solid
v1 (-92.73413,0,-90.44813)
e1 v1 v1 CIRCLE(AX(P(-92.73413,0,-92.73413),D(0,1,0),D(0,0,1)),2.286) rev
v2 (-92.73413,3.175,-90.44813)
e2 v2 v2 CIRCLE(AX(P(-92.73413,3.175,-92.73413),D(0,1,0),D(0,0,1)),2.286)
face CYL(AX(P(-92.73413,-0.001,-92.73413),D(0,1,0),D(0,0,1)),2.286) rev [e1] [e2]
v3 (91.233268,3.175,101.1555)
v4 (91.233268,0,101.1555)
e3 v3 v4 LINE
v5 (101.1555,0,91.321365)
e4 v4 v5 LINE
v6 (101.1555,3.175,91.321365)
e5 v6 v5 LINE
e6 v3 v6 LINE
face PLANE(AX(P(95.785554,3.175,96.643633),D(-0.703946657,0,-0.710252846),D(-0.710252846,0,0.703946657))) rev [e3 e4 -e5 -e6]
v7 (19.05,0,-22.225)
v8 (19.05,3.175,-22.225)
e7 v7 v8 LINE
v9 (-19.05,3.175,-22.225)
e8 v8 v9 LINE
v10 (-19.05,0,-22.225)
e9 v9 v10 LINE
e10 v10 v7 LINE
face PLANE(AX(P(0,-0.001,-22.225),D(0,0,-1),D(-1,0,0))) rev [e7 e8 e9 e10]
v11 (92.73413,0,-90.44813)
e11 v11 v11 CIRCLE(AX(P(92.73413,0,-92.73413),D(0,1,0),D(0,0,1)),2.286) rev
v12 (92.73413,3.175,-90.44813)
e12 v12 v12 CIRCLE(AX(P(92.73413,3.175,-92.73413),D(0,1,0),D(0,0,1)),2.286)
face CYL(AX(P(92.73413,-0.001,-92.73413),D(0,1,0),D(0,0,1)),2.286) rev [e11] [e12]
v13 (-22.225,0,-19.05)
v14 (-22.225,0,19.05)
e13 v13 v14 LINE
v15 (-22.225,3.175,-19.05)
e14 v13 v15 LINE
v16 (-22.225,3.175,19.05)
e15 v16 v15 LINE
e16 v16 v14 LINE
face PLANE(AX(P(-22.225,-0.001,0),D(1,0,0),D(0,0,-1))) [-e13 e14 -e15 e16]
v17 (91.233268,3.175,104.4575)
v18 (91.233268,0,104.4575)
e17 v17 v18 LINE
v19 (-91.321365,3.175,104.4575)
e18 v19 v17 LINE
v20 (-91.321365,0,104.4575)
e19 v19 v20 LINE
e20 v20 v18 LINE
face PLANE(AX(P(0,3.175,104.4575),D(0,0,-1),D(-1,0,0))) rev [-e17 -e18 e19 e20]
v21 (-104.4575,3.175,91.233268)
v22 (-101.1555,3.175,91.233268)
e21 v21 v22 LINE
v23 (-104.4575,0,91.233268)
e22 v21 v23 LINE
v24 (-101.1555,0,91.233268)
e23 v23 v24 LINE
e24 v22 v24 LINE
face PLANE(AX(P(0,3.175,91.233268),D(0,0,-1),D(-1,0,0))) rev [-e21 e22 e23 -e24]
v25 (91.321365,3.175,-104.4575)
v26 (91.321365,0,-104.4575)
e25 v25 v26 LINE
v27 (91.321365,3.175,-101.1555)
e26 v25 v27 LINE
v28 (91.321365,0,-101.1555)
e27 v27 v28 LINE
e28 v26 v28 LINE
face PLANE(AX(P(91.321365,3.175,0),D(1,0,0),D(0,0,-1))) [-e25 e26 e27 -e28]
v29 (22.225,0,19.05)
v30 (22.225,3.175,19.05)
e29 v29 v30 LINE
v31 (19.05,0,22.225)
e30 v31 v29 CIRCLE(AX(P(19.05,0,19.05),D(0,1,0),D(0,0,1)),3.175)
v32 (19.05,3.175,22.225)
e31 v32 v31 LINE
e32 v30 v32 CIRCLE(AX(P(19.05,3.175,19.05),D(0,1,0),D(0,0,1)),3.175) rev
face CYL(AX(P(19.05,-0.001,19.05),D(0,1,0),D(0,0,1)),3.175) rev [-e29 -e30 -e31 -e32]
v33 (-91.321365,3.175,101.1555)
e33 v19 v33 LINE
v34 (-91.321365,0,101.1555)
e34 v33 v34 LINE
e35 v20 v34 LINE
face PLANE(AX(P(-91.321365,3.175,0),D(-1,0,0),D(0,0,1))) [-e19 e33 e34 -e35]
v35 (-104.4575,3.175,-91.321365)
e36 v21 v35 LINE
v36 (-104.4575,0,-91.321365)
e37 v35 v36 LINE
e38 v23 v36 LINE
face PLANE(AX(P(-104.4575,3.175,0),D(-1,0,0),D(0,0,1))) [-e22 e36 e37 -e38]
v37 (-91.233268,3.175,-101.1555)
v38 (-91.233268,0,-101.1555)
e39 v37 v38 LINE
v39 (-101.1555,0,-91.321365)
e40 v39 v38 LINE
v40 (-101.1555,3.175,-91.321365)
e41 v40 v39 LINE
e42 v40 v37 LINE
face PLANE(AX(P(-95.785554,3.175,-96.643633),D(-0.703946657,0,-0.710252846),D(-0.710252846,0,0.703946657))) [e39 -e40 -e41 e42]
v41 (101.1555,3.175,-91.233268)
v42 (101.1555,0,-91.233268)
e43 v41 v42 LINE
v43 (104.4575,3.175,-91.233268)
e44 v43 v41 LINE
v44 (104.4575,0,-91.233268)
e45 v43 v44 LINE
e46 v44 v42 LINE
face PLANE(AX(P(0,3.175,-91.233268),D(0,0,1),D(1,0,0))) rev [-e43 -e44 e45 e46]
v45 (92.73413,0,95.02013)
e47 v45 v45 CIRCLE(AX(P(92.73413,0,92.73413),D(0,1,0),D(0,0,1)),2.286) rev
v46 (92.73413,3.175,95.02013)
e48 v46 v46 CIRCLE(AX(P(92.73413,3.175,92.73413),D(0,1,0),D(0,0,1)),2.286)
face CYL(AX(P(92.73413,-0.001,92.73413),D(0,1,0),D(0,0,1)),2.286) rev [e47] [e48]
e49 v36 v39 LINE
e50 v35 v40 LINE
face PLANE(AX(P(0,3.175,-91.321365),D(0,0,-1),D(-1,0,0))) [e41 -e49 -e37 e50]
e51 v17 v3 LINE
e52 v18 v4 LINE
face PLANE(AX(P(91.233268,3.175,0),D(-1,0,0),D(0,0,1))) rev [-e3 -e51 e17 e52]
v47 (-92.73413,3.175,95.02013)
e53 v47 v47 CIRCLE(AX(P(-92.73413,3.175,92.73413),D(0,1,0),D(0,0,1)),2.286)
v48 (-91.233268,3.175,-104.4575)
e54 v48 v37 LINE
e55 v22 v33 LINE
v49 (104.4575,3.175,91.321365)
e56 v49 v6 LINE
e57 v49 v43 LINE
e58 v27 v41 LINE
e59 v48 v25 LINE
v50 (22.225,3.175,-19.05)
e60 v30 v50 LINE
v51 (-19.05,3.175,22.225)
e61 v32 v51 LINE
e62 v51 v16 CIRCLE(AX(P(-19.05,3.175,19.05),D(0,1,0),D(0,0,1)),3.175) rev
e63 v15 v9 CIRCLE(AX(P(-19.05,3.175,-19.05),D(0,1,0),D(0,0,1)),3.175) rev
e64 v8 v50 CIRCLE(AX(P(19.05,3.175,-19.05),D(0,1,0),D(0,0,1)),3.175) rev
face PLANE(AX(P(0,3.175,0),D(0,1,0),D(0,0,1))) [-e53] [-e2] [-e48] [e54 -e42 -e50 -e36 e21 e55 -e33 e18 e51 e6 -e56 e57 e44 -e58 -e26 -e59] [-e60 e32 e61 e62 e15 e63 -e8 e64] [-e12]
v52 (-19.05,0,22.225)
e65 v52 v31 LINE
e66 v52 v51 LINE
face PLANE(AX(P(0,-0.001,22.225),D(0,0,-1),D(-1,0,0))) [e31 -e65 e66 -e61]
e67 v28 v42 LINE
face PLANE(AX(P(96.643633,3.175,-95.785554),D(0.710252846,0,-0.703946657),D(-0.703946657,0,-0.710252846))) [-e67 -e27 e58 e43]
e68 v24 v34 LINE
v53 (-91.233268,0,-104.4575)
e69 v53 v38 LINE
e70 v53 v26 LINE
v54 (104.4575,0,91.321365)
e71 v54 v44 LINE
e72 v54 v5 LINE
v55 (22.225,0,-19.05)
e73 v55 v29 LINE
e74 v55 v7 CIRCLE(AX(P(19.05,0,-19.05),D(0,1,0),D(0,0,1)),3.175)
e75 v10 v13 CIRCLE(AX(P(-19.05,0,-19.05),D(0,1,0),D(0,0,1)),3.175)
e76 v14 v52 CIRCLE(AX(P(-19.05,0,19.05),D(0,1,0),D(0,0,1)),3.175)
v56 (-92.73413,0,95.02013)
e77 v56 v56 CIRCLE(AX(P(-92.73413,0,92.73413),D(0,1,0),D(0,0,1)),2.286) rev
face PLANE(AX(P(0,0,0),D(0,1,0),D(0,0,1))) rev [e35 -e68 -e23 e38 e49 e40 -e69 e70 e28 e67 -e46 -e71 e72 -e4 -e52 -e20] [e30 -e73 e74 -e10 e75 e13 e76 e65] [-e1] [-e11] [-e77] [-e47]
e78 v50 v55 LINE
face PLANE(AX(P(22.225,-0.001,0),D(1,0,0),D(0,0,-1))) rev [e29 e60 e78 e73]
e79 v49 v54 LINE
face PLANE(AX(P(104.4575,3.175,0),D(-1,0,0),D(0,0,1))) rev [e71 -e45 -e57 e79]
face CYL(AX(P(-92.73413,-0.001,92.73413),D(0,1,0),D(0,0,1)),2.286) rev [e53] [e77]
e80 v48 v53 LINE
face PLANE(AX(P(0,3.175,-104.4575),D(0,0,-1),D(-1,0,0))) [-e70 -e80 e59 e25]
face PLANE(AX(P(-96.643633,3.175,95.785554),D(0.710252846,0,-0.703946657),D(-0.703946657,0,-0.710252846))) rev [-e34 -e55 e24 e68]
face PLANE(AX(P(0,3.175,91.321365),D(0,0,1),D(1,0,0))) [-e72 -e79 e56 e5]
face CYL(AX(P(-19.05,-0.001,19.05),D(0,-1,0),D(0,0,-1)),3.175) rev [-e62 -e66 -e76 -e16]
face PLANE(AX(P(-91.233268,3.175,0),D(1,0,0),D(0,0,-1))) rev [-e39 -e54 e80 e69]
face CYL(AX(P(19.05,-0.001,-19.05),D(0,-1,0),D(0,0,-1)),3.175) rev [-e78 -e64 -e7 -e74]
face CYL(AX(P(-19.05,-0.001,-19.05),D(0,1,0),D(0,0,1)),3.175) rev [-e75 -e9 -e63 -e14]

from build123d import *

# Parameters (mm, degrees)
BOSS_EXTRUDE1_DEPTH = 3.175
CUT_EXTRUDE1_REACH  = 5.175
SKETCH3_R           = 2.286
CUT_EXTRUDE2_REACH  = 5.175
SKETCH5_W           = 44.45
SKETCH5_H           = 44.45
FILLET1_R           = 3.175


with BuildPart() as part:
    # Sketch1 → Boss-Extrude1 (new body)
    with BuildSketch(Plane(origin=(0, 0, 0), x_dir=(1, 0, 0), z_dir=(0, 1, 0))):
        Polygon((-91.233267746, 104.4575), (-91.233267746, 101.1555), (-101.1555, 91.321365209), (-104.4575, 91.321365209), (-104.4575, -91.233267746), (-101.1555, -91.233267746), (-91.321365209, -101.1555), (-91.321365209, -104.4575), (91.233267746, -104.4575), (91.233267746, -101.1555), (101.1555, -91.321365209), (104.4575, -91.321365209), (104.4575, 91.233267746), (101.1555, 91.233267746), (91.321365209, 101.1555), (91.321365209, 104.4575), align=None)
    extrude(amount=BOSS_EXTRUDE1_DEPTH)

    # Sketch3 → Cut-Extrude1 (cut, up to next)
    with BuildSketch(Plane(origin=(0, 3.175, 0), x_dir=(1, 0, 0), z_dir=(0, 1, 0)), mode=Mode.PRIVATE) as cut_extrude1_sk1:
        with Locations((-92.73413, 92.73413)):
            Circle(SKETCH3_R)
    cut_extrude1_tool1 = extrude(cut_extrude1_sk1.sketch, amount=-CUT_EXTRUDE1_REACH, mode=Mode.PRIVATE) & part.part
    add(cut_extrude1_tool1.solids().sort_by_distance((-92.73413, 3.175, -92.73413))[0], mode=Mode.SUBTRACT)
    # Sketch3 → Cut-Extrude1 (cut, up to next)
    with BuildSketch(Plane(origin=(0, 3.175, 0), x_dir=(1, 0, 0), z_dir=(0, 1, 0)), mode=Mode.PRIVATE) as cut_extrude1_sk2:
        with Locations((92.73413, 92.73413)):
            Circle(SKETCH3_R)
    cut_extrude1_tool2 = extrude(cut_extrude1_sk2.sketch, amount=-CUT_EXTRUDE1_REACH, mode=Mode.PRIVATE) & part.part
    add(cut_extrude1_tool2.solids().sort_by_distance((92.73413, 3.175, -92.73413))[0], mode=Mode.SUBTRACT)
    # Sketch3 → Cut-Extrude1 (cut, up to next)
    with BuildSketch(Plane(origin=(0, 3.175, 0), x_dir=(1, 0, 0), z_dir=(0, 1, 0)), mode=Mode.PRIVATE) as cut_extrude1_sk3:
        with Locations((92.73413, -92.73413)):
            Circle(SKETCH3_R)
    cut_extrude1_tool3 = extrude(cut_extrude1_sk3.sketch, amount=-CUT_EXTRUDE1_REACH, mode=Mode.PRIVATE) & part.part
    add(cut_extrude1_tool3.solids().sort_by_distance((92.73413, 3.175, 92.73413))[0], mode=Mode.SUBTRACT)
    # Sketch3 → Cut-Extrude1 (cut, up to next)
    with BuildSketch(Plane(origin=(0, 3.175, 0), x_dir=(1, 0, 0), z_dir=(0, 1, 0)), mode=Mode.PRIVATE) as cut_extrude1_sk4:
        with Locations((-92.73413, -92.73413)):
            Circle(SKETCH3_R)
    cut_extrude1_tool4 = extrude(cut_extrude1_sk4.sketch, amount=-CUT_EXTRUDE1_REACH, mode=Mode.PRIVATE) & part.part
    add(cut_extrude1_tool4.solids().sort_by_distance((-92.73413, 3.175, 92.73413))[0], mode=Mode.SUBTRACT)

    # Sketch5 → Cut-Extrude2 (cut, up to next)
    with BuildSketch(Plane(origin=(0, 3.175, 0), x_dir=(1, 0, 0), z_dir=(0, 1, 0)), mode=Mode.PRIVATE) as cut_extrude2_sk1:
        Rectangle(SKETCH5_W, SKETCH5_H)
    cut_extrude2_tool1 = extrude(cut_extrude2_sk1.sketch, amount=-CUT_EXTRUDE2_REACH, mode=Mode.PRIVATE) & part.part
    add(cut_extrude2_tool1.solids().sort_by_distance((0, 3.175, 0))[0], mode=Mode.SUBTRACT)

    # Fillet1
    fillet1_edges = [part.edges().sort_by_distance(p)[0] for p in [
        (-22.225, 1.5875, 22.225),
        (-22.225, 1.5875, -22.225),
        (22.225, 1.5875, -22.225),
        (22.225, 1.5875, 22.225),
    ]]
    fillet(fillet1_edges, radius=FILLET1_R)


solid = part.part
